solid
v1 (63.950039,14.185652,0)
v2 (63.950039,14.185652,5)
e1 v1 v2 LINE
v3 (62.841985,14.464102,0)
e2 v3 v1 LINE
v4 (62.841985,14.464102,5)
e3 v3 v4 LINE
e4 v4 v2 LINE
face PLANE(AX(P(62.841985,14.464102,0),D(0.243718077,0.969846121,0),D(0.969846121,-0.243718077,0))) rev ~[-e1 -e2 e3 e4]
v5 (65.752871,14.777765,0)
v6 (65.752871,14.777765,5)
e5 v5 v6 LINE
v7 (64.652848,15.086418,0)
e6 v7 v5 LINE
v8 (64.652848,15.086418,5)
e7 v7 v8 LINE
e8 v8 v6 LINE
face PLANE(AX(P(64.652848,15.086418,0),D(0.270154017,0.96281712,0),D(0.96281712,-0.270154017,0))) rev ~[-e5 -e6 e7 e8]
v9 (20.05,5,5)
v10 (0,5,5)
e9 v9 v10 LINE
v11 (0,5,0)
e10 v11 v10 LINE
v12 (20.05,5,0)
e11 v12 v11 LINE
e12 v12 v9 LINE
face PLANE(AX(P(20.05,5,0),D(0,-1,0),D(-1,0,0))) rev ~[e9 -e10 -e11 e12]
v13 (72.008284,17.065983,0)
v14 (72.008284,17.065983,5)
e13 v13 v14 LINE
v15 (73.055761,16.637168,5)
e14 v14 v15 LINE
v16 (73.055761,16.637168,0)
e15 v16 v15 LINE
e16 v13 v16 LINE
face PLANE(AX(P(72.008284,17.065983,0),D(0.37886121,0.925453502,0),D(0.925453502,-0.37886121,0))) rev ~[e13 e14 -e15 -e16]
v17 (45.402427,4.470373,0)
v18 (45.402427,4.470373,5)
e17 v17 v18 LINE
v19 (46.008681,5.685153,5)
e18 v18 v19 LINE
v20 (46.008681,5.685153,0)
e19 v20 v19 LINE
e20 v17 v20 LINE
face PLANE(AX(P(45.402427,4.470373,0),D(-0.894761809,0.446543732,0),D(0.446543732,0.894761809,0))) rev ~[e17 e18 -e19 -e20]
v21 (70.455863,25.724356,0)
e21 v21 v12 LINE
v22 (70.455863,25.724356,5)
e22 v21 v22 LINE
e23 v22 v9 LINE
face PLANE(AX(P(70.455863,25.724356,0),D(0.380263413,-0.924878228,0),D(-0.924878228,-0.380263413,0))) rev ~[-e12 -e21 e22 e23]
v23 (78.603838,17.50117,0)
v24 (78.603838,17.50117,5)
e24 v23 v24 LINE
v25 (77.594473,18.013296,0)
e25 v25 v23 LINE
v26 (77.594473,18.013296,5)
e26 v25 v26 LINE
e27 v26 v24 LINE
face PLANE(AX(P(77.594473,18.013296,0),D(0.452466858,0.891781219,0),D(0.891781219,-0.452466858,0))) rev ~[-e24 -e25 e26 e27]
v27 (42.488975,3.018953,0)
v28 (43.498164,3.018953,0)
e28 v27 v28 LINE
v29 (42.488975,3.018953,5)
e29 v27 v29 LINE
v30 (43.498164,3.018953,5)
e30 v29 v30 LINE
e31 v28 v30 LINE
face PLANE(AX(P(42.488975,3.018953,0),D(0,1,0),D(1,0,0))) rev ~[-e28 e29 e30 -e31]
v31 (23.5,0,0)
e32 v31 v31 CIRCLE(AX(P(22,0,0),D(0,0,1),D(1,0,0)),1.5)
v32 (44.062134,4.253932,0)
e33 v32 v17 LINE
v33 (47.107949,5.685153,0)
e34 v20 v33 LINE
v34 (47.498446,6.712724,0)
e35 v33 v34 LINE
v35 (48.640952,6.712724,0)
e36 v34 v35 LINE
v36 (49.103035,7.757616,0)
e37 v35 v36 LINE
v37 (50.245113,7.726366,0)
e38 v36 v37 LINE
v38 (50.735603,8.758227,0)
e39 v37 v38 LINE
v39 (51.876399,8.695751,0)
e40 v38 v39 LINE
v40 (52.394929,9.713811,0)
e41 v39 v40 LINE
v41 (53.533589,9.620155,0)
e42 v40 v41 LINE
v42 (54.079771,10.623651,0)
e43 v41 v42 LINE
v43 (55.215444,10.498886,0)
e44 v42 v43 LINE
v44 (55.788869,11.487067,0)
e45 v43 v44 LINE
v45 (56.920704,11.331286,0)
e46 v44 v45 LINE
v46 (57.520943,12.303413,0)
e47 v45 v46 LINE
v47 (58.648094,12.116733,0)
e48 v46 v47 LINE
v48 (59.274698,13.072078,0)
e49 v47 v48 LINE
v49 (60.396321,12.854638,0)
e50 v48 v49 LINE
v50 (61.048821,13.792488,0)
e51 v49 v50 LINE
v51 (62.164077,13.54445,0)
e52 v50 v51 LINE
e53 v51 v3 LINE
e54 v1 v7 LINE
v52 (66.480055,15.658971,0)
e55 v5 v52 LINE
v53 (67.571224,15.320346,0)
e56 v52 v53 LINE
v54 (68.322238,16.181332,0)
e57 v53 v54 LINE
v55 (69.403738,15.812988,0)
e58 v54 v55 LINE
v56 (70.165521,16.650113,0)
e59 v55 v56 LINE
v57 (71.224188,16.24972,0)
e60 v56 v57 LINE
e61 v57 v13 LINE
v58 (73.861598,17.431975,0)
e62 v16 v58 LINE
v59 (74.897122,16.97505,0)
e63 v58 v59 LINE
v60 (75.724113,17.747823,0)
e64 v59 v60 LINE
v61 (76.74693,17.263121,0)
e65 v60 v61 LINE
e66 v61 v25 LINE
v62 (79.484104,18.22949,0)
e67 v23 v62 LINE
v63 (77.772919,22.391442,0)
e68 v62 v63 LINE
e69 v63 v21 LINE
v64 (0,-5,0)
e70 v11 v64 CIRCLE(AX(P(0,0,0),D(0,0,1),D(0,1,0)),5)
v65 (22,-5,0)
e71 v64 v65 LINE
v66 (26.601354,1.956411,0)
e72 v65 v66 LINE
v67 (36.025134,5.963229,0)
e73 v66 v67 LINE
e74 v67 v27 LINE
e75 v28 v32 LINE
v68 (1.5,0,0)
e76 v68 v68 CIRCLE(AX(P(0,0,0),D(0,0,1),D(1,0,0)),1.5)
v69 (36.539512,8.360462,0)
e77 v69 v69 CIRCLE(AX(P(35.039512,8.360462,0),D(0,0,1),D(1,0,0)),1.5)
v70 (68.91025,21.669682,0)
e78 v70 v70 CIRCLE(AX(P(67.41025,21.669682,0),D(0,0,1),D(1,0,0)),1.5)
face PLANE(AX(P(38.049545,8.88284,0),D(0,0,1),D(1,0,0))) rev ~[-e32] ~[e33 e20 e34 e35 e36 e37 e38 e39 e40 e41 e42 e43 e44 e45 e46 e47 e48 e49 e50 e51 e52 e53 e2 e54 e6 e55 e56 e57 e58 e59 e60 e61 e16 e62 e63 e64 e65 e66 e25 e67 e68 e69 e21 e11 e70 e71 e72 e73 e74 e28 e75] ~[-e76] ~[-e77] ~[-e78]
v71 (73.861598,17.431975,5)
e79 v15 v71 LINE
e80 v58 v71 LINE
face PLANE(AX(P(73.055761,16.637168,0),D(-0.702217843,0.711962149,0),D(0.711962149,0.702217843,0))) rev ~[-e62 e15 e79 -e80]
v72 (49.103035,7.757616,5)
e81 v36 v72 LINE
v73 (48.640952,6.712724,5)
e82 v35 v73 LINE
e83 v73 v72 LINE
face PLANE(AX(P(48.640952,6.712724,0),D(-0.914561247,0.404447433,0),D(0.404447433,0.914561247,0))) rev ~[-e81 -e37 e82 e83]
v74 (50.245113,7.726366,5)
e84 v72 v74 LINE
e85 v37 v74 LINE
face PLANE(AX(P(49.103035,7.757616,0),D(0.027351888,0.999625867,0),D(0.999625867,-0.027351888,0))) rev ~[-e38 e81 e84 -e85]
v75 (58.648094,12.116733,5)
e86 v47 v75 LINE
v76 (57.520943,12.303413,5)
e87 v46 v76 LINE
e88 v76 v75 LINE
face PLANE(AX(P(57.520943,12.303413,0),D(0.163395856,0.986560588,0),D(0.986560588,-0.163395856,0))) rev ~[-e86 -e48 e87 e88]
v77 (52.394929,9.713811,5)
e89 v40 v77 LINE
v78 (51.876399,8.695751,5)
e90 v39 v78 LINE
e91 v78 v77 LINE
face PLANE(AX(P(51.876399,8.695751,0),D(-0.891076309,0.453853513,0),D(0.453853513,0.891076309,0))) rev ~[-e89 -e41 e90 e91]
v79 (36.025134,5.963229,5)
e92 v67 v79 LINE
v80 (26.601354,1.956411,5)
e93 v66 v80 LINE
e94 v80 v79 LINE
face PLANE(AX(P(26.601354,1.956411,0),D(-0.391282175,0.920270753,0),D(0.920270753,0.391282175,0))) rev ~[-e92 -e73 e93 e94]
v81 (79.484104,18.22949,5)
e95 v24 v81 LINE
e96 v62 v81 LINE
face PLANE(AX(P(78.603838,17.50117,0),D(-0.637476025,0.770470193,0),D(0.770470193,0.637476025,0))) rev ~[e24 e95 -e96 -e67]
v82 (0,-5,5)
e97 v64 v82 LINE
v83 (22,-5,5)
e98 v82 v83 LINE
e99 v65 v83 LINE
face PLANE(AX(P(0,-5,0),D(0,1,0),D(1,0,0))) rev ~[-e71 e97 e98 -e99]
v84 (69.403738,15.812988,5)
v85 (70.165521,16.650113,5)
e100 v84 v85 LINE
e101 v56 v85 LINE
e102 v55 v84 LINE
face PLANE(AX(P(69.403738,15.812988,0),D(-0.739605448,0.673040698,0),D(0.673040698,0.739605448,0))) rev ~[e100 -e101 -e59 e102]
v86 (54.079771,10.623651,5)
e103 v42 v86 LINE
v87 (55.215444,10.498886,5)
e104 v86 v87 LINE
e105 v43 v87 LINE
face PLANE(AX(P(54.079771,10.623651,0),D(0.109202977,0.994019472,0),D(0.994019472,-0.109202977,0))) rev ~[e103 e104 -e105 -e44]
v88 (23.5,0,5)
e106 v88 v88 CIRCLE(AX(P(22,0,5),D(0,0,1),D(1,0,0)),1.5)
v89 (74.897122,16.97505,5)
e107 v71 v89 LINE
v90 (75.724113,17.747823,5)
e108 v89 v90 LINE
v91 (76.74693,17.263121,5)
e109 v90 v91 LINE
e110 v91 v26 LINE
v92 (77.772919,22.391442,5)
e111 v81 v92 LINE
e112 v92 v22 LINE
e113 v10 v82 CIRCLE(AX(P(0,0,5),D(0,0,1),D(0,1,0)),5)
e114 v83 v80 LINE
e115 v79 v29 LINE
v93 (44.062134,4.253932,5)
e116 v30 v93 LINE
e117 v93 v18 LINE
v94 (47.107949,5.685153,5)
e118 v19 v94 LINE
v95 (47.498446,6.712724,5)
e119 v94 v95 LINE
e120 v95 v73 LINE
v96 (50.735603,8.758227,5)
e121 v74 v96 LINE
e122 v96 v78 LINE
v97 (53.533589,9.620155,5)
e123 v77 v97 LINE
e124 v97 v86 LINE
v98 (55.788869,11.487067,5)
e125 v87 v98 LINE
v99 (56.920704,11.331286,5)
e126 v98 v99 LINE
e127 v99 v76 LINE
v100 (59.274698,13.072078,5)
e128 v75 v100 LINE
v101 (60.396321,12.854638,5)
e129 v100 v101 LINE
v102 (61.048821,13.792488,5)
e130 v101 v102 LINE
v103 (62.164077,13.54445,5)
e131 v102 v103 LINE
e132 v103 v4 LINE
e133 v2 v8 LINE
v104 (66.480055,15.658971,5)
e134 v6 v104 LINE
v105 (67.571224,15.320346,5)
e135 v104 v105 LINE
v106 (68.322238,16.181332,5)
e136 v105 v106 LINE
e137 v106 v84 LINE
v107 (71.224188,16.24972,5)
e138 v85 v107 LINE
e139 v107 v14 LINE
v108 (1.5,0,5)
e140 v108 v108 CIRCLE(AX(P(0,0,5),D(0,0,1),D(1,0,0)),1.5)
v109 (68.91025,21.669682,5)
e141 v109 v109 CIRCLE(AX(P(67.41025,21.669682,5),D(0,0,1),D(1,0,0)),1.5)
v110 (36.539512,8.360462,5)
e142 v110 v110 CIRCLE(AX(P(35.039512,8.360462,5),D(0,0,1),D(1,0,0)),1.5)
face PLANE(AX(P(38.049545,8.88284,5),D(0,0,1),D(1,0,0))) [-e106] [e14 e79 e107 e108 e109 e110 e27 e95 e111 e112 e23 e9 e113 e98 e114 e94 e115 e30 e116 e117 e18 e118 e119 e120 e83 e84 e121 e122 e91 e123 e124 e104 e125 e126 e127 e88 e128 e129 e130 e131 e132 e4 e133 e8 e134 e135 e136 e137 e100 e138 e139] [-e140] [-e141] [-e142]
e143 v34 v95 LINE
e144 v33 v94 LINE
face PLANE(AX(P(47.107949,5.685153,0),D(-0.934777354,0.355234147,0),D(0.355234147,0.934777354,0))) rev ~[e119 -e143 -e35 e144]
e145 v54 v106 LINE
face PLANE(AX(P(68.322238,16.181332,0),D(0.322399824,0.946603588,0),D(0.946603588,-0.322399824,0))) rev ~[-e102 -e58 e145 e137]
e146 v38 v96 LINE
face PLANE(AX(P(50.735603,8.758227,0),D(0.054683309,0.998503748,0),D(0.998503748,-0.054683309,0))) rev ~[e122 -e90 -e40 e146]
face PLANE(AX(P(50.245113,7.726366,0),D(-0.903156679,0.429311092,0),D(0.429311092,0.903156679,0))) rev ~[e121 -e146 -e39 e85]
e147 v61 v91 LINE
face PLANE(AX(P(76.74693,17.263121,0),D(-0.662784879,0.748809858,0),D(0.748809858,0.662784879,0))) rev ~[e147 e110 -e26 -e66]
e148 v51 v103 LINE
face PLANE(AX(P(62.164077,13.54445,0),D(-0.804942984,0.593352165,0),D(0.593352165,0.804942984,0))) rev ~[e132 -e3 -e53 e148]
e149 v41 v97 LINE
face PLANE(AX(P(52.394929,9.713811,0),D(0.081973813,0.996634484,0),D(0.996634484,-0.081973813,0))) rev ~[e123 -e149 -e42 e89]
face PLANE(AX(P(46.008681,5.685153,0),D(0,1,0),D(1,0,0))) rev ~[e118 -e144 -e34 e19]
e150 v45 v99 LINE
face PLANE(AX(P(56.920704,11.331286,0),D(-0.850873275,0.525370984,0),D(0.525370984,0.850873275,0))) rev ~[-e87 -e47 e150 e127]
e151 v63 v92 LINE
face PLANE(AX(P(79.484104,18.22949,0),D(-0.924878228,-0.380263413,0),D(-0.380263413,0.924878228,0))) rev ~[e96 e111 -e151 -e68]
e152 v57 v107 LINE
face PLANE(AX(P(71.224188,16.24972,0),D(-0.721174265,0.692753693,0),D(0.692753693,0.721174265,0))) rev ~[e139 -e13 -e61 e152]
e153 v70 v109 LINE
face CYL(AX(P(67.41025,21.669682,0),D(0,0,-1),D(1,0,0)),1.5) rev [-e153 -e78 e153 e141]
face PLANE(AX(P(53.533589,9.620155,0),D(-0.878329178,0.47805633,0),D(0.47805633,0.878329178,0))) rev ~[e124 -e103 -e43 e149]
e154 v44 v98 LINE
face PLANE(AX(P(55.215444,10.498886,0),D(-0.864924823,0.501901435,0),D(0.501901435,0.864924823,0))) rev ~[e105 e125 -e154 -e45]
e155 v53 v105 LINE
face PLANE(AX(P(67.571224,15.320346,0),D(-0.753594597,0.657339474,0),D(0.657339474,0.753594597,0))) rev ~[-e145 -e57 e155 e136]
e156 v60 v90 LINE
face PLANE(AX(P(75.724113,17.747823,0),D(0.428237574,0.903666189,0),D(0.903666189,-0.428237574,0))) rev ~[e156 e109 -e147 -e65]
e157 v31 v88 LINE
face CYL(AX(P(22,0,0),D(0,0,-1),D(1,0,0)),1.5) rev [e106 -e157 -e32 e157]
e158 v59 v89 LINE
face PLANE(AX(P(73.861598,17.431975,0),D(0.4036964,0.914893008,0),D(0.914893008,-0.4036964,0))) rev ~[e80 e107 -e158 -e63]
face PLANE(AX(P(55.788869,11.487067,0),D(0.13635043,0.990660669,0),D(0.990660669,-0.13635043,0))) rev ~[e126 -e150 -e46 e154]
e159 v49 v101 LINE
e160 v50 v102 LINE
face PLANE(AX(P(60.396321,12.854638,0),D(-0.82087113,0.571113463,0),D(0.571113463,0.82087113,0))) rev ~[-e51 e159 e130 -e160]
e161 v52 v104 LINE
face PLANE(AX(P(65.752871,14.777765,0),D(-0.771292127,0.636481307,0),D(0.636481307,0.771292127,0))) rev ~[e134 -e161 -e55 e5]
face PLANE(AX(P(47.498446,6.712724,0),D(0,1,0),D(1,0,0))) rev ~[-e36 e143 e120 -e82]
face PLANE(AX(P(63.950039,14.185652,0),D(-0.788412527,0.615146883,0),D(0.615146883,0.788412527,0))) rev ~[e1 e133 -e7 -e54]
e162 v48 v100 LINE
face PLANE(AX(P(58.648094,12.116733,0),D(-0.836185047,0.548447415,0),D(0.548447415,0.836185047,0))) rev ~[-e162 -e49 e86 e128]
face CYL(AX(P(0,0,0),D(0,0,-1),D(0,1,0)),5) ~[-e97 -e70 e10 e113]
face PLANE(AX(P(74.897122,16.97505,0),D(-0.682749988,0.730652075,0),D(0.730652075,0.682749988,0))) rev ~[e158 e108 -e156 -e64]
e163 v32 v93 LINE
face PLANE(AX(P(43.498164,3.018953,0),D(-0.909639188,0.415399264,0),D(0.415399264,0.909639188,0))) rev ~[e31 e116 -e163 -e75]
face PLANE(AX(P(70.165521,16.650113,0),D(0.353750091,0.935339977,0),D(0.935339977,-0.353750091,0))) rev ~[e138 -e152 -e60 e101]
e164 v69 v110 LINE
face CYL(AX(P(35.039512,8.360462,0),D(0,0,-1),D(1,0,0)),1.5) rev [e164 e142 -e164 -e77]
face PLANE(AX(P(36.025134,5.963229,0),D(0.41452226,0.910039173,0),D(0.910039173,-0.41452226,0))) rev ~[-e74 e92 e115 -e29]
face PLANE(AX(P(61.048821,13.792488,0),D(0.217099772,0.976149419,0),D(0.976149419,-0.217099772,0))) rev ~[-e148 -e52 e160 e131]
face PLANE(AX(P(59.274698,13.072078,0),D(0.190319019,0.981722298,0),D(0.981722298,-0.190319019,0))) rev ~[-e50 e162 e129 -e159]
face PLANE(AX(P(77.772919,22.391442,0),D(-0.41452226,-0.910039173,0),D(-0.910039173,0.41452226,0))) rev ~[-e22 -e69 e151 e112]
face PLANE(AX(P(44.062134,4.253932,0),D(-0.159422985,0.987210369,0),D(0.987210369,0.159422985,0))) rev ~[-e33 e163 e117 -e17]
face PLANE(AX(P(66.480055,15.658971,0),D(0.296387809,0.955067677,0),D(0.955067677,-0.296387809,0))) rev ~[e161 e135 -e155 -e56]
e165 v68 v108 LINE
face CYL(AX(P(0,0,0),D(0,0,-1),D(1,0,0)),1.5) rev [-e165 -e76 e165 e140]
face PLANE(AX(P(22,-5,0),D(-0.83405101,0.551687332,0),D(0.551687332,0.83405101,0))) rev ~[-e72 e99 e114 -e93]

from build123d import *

# Parameters (mm, degrees)
SKETCH_1_R      = 1.5
EXTRUDE_1_DEPTH = 5


with BuildPart() as part:
    # 스케치1 → 보스-돌출1 (new body)
    with BuildSketch(Plane.XY):
        with BuildLine():
            Line((20.05, 5), (0, 5))
            ThreePointArc((0, 5), (-5, 0), (0, -5))
            Line((0, -5), (22, -5))
            Line((22, -5), (26.601353767, 1.956410875))
            Line((26.601353767, 1.956410875), (36.025134241, 5.963228766))
            Line((36.025134241, 5.963228766), (42.488975113, 3.018953392))
            Line((42.488975113, 3.018953392), (43.498164032, 3.018953392))
            Line((43.498164032, 3.018953392), (44.062133892, 4.253931713))
            Line((44.062133892, 4.253931713), (45.402427297, 4.470373499))
            Line((45.402427297, 4.470373499), (46.008680673, 5.685153438))
            Line((46.008680673, 5.685153438), (47.107948843, 5.685153438))
            Line((47.107948843, 5.685153438), (47.498446434, 6.712724429))
            Line((47.498446434, 6.712724429), (48.640951743, 6.712724429))
            Line((48.640951743, 6.712724429), (49.103035082, 7.757615508))
            Line((49.103035082, 7.757615508), (50.245112942, 7.726365831))
            Line((50.245112942, 7.726365831), (50.735603144, 8.758227131))
            Line((50.735603144, 8.758227131), (51.876398977, 8.69575116))
            Line((51.876398977, 8.69575116), (52.394929025, 9.713810574))
            Line((52.394929025, 9.713810574), (53.533589213, 9.620155058))
            Line((53.533589213, 9.620155058), (54.079771108, 10.623650806))
            Line((54.079771108, 10.623650806), (55.215443631, 10.498885825))
            Line((55.215443631, 10.498885825), (55.788868685, 11.487067026))
            Line((55.788868685, 11.487067026), (56.920703758, 11.331285936))
            Line((56.920703758, 11.331285936), (57.520942896, 12.303413169))
            Line((57.520942896, 12.303413169), (58.648093605, 12.116732536))
            Line((58.648093605, 12.116732536), (59.274697688, 13.072078391))
            Line((59.274697688, 13.072078391), (60.396320625, 12.854637901))
            Line((60.396320625, 12.854637901), (61.048820788, 13.792487525))
            Line((61.048820788, 13.792487525), (62.164076682, 13.544449883))
            Line((62.164076682, 13.544449883), (62.84198468, 14.464101515))
            Line((62.84198468, 14.464101515), (63.950039022, 14.185652318))
            Line((63.950039022, 14.185652318), (64.652847601, 15.086417815))
            Line((64.652847601, 15.086417815), (65.752871272, 14.777765417))
            Line((65.752871272, 14.777765417), (66.480054544, 15.658970767))
            Line((66.480054544, 15.658970767), (67.571224435, 15.320346122))
            Line((67.571224435, 15.320346122), (68.322238273, 16.181331949))
            Line((68.322238273, 16.181331949), (69.403737898, 15.812988438))
            Line((69.403737898, 15.812988438), (70.165521035, 16.650113087))
            Line((70.165521035, 16.650113087), (71.224188399, 16.249719983))
            Line((71.224188399, 16.249719983), (72.008283749, 17.065983242))
            Line((72.008283749, 17.065983242), (73.055761076, 16.637168043))
            Line((73.055761076, 16.637168043), (73.861597574, 17.431975419))
            Line((73.861597574, 17.431975419), (74.897121975, 16.975050435))
            Line((74.897121975, 16.975050435), (75.724112721, 17.74782306))
            Line((75.724112721, 17.74782306), (76.746930013, 17.263121075))
            Line((76.746930013, 17.263121075), (77.594472701, 18.013296132))
            Line((77.594472701, 18.013296132), (78.603837954, 17.501170159))
            Line((78.603837954, 17.501170159), (79.484104239, 18.229489901))
            Line((79.484104239, 18.229489901), (77.772918882, 22.391441928))
            Line((77.772918882, 22.391441928), (70.455863435, 25.724355994))
            Line((70.455863435, 25.724355994), (20.05, 5))
        make_face()
        with Locations((35.039512437, 8.36046215)):
            Circle(SKETCH_1_R, mode=Mode.SUBTRACT)
        Circle(SKETCH_1_R, mode=Mode.SUBTRACT)
        with Locations((22, 0)):
            Circle(SKETCH_1_R, mode=Mode.SUBTRACT)
        with Locations((67.410250422, 21.669681595)):
            Circle(SKETCH_1_R, mode=Mode.SUBTRACT)
    extrude(amount=EXTRUDE_1_DEPTH)


solid = part.part
